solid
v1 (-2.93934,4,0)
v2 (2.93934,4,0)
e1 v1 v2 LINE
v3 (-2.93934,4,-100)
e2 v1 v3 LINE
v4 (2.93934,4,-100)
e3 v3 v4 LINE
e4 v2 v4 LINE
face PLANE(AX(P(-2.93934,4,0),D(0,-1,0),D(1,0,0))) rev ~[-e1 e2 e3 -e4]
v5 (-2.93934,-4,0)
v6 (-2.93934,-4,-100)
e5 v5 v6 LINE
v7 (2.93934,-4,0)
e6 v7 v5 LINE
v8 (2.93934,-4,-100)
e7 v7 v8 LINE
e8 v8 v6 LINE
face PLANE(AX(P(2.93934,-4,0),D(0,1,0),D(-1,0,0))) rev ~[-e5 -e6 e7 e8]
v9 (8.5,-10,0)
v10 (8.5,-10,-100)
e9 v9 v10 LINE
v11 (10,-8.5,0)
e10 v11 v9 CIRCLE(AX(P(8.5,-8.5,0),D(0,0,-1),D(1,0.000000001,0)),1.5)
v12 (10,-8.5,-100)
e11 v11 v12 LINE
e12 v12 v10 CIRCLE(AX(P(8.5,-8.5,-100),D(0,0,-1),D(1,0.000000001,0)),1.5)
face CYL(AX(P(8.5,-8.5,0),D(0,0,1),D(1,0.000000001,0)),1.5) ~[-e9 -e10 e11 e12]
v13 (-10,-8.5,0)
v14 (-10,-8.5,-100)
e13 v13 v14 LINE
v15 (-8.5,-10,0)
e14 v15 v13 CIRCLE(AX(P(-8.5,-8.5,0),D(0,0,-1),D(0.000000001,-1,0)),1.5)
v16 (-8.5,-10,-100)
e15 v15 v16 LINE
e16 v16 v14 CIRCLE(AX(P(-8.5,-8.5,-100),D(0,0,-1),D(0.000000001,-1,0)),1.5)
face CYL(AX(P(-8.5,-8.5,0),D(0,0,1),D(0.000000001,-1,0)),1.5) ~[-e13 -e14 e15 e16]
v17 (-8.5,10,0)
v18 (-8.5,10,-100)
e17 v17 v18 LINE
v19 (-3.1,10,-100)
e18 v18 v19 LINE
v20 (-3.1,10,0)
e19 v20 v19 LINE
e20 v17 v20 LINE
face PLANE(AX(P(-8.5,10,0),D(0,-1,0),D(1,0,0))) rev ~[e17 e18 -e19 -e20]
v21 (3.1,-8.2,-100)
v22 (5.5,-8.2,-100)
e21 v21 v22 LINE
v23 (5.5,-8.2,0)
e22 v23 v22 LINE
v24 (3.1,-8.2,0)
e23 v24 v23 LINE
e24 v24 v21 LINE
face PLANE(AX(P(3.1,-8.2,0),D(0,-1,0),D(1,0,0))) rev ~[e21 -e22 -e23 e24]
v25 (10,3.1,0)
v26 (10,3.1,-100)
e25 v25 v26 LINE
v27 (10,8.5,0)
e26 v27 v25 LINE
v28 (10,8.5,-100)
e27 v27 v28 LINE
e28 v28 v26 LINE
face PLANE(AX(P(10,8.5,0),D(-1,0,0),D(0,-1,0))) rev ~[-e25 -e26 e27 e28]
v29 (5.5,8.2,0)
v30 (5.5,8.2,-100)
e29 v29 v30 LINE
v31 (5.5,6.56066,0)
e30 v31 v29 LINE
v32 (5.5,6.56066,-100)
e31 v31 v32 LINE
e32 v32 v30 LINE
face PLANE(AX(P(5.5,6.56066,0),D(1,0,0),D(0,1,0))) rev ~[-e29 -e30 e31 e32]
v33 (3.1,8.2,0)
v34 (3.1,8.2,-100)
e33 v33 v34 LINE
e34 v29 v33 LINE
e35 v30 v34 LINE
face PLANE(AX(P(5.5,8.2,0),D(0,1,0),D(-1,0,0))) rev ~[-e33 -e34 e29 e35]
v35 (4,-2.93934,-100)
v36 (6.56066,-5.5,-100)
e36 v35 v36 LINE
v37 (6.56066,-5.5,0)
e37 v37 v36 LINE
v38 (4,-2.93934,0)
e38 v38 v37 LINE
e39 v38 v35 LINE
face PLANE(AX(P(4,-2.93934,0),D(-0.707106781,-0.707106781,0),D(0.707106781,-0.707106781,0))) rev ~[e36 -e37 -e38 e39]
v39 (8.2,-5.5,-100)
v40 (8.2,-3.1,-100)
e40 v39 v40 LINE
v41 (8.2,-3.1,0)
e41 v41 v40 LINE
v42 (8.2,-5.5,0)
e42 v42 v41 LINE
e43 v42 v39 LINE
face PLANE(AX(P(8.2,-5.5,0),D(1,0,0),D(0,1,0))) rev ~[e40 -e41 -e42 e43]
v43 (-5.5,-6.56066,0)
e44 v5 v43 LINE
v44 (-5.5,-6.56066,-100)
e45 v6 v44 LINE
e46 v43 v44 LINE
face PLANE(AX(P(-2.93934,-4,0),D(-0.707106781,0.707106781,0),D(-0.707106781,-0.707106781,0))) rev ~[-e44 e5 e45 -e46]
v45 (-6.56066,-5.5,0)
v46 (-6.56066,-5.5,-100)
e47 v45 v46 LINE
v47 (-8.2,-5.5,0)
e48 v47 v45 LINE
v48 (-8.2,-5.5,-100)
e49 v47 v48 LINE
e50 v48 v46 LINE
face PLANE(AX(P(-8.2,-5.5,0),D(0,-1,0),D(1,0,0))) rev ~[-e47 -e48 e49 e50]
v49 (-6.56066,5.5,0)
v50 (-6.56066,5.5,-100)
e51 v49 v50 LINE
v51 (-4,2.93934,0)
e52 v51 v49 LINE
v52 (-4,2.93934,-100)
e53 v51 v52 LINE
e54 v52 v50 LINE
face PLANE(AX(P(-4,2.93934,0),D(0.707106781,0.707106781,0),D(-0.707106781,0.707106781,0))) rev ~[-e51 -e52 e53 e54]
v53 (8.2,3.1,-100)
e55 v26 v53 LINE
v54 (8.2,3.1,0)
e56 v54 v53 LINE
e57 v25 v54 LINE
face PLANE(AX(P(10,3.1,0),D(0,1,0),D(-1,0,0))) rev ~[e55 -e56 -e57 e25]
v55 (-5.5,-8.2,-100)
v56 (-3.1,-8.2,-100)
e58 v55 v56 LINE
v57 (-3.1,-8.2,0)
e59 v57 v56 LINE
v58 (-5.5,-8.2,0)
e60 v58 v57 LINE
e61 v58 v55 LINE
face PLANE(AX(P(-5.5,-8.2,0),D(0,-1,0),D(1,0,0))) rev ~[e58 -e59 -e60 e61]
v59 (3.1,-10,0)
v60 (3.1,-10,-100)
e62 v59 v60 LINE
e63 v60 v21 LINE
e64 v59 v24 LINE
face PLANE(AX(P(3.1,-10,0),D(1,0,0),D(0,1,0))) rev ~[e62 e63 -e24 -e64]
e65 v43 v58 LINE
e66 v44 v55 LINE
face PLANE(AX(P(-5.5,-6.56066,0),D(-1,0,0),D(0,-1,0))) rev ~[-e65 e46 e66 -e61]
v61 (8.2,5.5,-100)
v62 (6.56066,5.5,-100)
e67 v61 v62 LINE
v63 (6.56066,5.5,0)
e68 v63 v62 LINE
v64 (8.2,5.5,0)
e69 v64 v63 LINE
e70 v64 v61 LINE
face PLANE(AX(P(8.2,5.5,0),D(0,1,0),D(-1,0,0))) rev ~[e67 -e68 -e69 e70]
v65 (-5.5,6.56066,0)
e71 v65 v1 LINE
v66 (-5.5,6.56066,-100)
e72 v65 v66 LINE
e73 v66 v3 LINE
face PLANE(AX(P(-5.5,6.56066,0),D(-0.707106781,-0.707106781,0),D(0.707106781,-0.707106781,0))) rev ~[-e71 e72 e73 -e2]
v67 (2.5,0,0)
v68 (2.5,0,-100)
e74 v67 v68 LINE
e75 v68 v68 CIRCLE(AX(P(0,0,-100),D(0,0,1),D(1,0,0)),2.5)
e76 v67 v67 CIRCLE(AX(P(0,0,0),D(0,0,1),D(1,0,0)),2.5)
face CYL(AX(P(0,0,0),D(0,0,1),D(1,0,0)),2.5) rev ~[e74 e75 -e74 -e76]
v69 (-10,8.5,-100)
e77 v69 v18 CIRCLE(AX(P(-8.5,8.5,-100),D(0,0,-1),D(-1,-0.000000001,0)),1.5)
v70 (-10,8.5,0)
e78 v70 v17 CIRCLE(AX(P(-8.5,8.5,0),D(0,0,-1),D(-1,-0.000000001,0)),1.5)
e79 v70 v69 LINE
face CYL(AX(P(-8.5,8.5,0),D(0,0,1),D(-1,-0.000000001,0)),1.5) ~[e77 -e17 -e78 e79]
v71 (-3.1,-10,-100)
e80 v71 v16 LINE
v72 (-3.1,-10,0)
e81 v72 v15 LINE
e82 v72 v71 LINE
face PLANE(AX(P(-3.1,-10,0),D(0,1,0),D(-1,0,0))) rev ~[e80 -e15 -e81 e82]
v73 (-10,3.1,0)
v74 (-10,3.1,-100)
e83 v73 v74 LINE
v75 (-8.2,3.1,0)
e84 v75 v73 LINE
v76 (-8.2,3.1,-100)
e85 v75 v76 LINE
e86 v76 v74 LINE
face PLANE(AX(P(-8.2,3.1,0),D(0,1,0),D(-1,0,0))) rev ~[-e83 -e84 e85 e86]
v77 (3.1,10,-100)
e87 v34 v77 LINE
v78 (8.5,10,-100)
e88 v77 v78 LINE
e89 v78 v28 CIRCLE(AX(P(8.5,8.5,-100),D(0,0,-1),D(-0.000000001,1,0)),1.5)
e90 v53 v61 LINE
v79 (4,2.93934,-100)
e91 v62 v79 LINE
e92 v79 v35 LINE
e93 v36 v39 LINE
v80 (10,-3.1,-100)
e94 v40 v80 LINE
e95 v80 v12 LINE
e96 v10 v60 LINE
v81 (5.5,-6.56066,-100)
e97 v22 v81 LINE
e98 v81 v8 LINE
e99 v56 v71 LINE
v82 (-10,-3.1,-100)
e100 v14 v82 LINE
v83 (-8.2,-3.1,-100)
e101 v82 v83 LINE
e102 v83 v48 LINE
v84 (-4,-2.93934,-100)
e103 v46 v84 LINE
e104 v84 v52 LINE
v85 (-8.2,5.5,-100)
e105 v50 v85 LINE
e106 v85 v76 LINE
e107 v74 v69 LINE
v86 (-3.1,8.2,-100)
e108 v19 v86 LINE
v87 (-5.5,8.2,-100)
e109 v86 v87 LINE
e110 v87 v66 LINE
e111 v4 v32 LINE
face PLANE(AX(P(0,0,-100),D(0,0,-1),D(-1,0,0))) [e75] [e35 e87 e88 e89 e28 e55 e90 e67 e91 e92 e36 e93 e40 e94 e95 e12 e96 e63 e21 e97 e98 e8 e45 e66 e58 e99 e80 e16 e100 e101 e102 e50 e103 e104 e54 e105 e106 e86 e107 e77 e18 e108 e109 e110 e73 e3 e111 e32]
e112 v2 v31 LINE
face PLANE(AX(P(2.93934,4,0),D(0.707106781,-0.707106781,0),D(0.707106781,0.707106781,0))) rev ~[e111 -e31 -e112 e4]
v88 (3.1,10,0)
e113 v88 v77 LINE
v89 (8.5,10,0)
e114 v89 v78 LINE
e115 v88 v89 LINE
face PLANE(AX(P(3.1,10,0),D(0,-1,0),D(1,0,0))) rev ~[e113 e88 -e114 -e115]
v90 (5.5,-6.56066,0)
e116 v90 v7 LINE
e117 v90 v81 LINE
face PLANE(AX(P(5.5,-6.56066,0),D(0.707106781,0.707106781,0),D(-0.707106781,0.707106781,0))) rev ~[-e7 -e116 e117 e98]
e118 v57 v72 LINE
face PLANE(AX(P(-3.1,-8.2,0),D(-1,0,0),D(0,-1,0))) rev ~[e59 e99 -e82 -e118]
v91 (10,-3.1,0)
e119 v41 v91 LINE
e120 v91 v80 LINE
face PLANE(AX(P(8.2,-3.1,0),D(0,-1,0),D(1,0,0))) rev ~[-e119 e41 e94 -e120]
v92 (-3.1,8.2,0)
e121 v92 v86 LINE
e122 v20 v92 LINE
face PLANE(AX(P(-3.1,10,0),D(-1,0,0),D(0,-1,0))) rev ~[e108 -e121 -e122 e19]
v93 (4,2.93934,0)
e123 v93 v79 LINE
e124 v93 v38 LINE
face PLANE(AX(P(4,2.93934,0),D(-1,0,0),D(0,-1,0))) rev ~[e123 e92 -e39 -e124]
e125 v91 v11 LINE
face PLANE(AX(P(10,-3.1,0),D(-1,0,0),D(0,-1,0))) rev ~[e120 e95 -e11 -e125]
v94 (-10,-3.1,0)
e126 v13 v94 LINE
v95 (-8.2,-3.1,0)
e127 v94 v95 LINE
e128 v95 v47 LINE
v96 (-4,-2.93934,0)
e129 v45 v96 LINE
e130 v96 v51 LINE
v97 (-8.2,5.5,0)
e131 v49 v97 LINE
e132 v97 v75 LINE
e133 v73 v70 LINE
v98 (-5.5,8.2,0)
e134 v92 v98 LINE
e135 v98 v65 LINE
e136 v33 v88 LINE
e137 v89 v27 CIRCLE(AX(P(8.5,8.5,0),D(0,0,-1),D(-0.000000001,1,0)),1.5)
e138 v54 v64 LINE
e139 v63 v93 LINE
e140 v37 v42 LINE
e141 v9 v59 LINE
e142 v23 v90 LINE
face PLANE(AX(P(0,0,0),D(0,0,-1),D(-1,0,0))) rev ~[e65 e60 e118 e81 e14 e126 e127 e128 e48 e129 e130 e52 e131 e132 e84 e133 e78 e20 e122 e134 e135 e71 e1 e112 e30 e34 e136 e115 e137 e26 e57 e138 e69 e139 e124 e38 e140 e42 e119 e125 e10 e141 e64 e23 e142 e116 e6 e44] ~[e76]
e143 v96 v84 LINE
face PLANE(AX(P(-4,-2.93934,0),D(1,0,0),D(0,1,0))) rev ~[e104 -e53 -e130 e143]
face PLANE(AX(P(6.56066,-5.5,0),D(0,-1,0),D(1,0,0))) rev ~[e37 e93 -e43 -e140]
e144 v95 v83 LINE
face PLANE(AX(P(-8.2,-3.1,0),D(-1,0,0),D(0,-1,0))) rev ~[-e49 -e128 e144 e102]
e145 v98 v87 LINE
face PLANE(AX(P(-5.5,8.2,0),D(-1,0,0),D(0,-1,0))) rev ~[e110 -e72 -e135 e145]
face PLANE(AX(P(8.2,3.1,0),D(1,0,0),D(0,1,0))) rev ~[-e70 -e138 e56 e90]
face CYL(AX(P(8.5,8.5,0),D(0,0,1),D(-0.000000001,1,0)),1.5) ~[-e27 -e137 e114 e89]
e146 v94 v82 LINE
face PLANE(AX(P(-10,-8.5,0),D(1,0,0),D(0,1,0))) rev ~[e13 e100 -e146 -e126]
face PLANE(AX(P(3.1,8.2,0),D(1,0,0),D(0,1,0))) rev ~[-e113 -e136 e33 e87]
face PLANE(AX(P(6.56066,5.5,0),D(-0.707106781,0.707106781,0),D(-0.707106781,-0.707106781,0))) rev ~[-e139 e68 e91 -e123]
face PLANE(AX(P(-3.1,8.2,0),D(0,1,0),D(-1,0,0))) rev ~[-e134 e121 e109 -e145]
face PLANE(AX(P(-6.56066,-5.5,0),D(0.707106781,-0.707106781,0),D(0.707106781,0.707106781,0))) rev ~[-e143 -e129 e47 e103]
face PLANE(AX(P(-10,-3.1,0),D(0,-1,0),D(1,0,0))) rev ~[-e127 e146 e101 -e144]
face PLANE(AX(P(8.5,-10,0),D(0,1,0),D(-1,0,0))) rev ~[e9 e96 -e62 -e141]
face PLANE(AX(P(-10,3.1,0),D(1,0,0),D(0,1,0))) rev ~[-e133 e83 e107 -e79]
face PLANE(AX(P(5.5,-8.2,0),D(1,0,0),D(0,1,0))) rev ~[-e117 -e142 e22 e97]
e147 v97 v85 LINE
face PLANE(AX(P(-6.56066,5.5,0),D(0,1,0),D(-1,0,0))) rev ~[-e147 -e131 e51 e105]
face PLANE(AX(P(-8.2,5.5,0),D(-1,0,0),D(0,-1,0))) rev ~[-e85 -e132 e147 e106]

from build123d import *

# Parameters (mm, degrees)
SKETCH_1_R      = 2.5
EXTRUDE_2_DEPTH = 100


with BuildPart() as part:
    # 草图1 → 凸台-拉伸2 (new body)
    with BuildSketch(Plane.XY):
        with BuildLine():
            Line((5.5, -8.2), (5.5, -6.560660172))
            Line((5.5, -6.560660172), (2.939339828, -4))
            Line((2.939339828, -4), (-2.939339828, -4))
            Line((-2.939339828, -4), (-5.5, -6.560660172))
            Line((-5.5, -6.560660172), (-5.5, -8.2))
            Line((-5.5, -8.2), (-3.1, -8.2))
            Line((-3.1, -8.2), (-3.1, -10))
            Line((-3.1, -10), (-8.5, -10))
            ThreePointArc((-8.5, -10), (-9.560660172, -9.560660172), (-10, -8.5))
            Line((-10, -8.5), (-10, -3.1))
            Line((-10, -3.1), (-8.2, -3.1))
            Line((-8.2, -3.1), (-8.2, -5.5))
            Line((-8.2, -5.5), (-6.560660172, -5.5))
            Line((-6.560660172, -5.5), (-4, -2.939339828))
            Line((-4, -2.939339828), (-4, 2.939339828))
            Line((-4, 2.939339828), (-6.560660172, 5.5))
            Line((-6.560660172, 5.5), (-8.2, 5.5))
            Line((-8.2, 5.5), (-8.2, 3.1))
            Line((-8.2, 3.1), (-10, 3.1))
            Line((-10, 3.1), (-10, 8.5))
            ThreePointArc((-10, 8.5), (-9.560660172, 9.560660172), (-8.5, 10))
            Line((-8.5, 10), (-3.1, 10))
            Line((-3.1, 10), (-3.1, 8.2))
            Line((-3.1, 8.2), (-5.5, 8.2))
            Line((-5.5, 8.2), (-5.5, 6.560660172))
            Line((-5.5, 6.560660172), (-2.939339828, 4))
            Line((-2.939339828, 4), (2.939339828, 4))
            Line((2.939339828, 4), (5.5, 6.560660172))
            Line((5.5, 6.560660172), (5.5, 8.2))
            Line((5.5, 8.2), (3.1, 8.2))
            Line((3.1, 8.2), (3.1, 10))
            Line((3.1, 10), (8.5, 10))
            ThreePointArc((8.5, 10), (9.560660172, 9.560660172), (10, 8.5))
            Line((10, 8.5), (10, 3.1))
            Line((10, 3.1), (8.2, 3.1))
            Line((8.2, 3.1), (8.2, 5.5))
            Line((8.2, 5.5), (6.560660172, 5.5))
            Line((6.560660172, 5.5), (4, 2.939339828))
            Line((4, 2.939339828), (4, -2.939339828))
            Line((4, -2.939339828), (6.560660172, -5.5))
            Line((6.560660172, -5.5), (8.2, -5.5))
            Line((8.2, -5.5), (8.2, -3.1))
            Line((8.2, -3.1), (10, -3.1))
            Line((10, -3.1), (10, -8.5))
            ThreePointArc((10, -8.5), (9.560660172, -9.560660172), (8.5, -10))
            Line((8.5, -10), (3.1, -10))
            Line((3.1, -10), (3.1, -8.2))
            Line((3.1, -8.2), (5.5, -8.2))
        make_face()
        Circle(SKETCH_1_R, mode=Mode.SUBTRACT)
    extrude(amount=-EXTRUDE_2_DEPTH)


solid = part.part
